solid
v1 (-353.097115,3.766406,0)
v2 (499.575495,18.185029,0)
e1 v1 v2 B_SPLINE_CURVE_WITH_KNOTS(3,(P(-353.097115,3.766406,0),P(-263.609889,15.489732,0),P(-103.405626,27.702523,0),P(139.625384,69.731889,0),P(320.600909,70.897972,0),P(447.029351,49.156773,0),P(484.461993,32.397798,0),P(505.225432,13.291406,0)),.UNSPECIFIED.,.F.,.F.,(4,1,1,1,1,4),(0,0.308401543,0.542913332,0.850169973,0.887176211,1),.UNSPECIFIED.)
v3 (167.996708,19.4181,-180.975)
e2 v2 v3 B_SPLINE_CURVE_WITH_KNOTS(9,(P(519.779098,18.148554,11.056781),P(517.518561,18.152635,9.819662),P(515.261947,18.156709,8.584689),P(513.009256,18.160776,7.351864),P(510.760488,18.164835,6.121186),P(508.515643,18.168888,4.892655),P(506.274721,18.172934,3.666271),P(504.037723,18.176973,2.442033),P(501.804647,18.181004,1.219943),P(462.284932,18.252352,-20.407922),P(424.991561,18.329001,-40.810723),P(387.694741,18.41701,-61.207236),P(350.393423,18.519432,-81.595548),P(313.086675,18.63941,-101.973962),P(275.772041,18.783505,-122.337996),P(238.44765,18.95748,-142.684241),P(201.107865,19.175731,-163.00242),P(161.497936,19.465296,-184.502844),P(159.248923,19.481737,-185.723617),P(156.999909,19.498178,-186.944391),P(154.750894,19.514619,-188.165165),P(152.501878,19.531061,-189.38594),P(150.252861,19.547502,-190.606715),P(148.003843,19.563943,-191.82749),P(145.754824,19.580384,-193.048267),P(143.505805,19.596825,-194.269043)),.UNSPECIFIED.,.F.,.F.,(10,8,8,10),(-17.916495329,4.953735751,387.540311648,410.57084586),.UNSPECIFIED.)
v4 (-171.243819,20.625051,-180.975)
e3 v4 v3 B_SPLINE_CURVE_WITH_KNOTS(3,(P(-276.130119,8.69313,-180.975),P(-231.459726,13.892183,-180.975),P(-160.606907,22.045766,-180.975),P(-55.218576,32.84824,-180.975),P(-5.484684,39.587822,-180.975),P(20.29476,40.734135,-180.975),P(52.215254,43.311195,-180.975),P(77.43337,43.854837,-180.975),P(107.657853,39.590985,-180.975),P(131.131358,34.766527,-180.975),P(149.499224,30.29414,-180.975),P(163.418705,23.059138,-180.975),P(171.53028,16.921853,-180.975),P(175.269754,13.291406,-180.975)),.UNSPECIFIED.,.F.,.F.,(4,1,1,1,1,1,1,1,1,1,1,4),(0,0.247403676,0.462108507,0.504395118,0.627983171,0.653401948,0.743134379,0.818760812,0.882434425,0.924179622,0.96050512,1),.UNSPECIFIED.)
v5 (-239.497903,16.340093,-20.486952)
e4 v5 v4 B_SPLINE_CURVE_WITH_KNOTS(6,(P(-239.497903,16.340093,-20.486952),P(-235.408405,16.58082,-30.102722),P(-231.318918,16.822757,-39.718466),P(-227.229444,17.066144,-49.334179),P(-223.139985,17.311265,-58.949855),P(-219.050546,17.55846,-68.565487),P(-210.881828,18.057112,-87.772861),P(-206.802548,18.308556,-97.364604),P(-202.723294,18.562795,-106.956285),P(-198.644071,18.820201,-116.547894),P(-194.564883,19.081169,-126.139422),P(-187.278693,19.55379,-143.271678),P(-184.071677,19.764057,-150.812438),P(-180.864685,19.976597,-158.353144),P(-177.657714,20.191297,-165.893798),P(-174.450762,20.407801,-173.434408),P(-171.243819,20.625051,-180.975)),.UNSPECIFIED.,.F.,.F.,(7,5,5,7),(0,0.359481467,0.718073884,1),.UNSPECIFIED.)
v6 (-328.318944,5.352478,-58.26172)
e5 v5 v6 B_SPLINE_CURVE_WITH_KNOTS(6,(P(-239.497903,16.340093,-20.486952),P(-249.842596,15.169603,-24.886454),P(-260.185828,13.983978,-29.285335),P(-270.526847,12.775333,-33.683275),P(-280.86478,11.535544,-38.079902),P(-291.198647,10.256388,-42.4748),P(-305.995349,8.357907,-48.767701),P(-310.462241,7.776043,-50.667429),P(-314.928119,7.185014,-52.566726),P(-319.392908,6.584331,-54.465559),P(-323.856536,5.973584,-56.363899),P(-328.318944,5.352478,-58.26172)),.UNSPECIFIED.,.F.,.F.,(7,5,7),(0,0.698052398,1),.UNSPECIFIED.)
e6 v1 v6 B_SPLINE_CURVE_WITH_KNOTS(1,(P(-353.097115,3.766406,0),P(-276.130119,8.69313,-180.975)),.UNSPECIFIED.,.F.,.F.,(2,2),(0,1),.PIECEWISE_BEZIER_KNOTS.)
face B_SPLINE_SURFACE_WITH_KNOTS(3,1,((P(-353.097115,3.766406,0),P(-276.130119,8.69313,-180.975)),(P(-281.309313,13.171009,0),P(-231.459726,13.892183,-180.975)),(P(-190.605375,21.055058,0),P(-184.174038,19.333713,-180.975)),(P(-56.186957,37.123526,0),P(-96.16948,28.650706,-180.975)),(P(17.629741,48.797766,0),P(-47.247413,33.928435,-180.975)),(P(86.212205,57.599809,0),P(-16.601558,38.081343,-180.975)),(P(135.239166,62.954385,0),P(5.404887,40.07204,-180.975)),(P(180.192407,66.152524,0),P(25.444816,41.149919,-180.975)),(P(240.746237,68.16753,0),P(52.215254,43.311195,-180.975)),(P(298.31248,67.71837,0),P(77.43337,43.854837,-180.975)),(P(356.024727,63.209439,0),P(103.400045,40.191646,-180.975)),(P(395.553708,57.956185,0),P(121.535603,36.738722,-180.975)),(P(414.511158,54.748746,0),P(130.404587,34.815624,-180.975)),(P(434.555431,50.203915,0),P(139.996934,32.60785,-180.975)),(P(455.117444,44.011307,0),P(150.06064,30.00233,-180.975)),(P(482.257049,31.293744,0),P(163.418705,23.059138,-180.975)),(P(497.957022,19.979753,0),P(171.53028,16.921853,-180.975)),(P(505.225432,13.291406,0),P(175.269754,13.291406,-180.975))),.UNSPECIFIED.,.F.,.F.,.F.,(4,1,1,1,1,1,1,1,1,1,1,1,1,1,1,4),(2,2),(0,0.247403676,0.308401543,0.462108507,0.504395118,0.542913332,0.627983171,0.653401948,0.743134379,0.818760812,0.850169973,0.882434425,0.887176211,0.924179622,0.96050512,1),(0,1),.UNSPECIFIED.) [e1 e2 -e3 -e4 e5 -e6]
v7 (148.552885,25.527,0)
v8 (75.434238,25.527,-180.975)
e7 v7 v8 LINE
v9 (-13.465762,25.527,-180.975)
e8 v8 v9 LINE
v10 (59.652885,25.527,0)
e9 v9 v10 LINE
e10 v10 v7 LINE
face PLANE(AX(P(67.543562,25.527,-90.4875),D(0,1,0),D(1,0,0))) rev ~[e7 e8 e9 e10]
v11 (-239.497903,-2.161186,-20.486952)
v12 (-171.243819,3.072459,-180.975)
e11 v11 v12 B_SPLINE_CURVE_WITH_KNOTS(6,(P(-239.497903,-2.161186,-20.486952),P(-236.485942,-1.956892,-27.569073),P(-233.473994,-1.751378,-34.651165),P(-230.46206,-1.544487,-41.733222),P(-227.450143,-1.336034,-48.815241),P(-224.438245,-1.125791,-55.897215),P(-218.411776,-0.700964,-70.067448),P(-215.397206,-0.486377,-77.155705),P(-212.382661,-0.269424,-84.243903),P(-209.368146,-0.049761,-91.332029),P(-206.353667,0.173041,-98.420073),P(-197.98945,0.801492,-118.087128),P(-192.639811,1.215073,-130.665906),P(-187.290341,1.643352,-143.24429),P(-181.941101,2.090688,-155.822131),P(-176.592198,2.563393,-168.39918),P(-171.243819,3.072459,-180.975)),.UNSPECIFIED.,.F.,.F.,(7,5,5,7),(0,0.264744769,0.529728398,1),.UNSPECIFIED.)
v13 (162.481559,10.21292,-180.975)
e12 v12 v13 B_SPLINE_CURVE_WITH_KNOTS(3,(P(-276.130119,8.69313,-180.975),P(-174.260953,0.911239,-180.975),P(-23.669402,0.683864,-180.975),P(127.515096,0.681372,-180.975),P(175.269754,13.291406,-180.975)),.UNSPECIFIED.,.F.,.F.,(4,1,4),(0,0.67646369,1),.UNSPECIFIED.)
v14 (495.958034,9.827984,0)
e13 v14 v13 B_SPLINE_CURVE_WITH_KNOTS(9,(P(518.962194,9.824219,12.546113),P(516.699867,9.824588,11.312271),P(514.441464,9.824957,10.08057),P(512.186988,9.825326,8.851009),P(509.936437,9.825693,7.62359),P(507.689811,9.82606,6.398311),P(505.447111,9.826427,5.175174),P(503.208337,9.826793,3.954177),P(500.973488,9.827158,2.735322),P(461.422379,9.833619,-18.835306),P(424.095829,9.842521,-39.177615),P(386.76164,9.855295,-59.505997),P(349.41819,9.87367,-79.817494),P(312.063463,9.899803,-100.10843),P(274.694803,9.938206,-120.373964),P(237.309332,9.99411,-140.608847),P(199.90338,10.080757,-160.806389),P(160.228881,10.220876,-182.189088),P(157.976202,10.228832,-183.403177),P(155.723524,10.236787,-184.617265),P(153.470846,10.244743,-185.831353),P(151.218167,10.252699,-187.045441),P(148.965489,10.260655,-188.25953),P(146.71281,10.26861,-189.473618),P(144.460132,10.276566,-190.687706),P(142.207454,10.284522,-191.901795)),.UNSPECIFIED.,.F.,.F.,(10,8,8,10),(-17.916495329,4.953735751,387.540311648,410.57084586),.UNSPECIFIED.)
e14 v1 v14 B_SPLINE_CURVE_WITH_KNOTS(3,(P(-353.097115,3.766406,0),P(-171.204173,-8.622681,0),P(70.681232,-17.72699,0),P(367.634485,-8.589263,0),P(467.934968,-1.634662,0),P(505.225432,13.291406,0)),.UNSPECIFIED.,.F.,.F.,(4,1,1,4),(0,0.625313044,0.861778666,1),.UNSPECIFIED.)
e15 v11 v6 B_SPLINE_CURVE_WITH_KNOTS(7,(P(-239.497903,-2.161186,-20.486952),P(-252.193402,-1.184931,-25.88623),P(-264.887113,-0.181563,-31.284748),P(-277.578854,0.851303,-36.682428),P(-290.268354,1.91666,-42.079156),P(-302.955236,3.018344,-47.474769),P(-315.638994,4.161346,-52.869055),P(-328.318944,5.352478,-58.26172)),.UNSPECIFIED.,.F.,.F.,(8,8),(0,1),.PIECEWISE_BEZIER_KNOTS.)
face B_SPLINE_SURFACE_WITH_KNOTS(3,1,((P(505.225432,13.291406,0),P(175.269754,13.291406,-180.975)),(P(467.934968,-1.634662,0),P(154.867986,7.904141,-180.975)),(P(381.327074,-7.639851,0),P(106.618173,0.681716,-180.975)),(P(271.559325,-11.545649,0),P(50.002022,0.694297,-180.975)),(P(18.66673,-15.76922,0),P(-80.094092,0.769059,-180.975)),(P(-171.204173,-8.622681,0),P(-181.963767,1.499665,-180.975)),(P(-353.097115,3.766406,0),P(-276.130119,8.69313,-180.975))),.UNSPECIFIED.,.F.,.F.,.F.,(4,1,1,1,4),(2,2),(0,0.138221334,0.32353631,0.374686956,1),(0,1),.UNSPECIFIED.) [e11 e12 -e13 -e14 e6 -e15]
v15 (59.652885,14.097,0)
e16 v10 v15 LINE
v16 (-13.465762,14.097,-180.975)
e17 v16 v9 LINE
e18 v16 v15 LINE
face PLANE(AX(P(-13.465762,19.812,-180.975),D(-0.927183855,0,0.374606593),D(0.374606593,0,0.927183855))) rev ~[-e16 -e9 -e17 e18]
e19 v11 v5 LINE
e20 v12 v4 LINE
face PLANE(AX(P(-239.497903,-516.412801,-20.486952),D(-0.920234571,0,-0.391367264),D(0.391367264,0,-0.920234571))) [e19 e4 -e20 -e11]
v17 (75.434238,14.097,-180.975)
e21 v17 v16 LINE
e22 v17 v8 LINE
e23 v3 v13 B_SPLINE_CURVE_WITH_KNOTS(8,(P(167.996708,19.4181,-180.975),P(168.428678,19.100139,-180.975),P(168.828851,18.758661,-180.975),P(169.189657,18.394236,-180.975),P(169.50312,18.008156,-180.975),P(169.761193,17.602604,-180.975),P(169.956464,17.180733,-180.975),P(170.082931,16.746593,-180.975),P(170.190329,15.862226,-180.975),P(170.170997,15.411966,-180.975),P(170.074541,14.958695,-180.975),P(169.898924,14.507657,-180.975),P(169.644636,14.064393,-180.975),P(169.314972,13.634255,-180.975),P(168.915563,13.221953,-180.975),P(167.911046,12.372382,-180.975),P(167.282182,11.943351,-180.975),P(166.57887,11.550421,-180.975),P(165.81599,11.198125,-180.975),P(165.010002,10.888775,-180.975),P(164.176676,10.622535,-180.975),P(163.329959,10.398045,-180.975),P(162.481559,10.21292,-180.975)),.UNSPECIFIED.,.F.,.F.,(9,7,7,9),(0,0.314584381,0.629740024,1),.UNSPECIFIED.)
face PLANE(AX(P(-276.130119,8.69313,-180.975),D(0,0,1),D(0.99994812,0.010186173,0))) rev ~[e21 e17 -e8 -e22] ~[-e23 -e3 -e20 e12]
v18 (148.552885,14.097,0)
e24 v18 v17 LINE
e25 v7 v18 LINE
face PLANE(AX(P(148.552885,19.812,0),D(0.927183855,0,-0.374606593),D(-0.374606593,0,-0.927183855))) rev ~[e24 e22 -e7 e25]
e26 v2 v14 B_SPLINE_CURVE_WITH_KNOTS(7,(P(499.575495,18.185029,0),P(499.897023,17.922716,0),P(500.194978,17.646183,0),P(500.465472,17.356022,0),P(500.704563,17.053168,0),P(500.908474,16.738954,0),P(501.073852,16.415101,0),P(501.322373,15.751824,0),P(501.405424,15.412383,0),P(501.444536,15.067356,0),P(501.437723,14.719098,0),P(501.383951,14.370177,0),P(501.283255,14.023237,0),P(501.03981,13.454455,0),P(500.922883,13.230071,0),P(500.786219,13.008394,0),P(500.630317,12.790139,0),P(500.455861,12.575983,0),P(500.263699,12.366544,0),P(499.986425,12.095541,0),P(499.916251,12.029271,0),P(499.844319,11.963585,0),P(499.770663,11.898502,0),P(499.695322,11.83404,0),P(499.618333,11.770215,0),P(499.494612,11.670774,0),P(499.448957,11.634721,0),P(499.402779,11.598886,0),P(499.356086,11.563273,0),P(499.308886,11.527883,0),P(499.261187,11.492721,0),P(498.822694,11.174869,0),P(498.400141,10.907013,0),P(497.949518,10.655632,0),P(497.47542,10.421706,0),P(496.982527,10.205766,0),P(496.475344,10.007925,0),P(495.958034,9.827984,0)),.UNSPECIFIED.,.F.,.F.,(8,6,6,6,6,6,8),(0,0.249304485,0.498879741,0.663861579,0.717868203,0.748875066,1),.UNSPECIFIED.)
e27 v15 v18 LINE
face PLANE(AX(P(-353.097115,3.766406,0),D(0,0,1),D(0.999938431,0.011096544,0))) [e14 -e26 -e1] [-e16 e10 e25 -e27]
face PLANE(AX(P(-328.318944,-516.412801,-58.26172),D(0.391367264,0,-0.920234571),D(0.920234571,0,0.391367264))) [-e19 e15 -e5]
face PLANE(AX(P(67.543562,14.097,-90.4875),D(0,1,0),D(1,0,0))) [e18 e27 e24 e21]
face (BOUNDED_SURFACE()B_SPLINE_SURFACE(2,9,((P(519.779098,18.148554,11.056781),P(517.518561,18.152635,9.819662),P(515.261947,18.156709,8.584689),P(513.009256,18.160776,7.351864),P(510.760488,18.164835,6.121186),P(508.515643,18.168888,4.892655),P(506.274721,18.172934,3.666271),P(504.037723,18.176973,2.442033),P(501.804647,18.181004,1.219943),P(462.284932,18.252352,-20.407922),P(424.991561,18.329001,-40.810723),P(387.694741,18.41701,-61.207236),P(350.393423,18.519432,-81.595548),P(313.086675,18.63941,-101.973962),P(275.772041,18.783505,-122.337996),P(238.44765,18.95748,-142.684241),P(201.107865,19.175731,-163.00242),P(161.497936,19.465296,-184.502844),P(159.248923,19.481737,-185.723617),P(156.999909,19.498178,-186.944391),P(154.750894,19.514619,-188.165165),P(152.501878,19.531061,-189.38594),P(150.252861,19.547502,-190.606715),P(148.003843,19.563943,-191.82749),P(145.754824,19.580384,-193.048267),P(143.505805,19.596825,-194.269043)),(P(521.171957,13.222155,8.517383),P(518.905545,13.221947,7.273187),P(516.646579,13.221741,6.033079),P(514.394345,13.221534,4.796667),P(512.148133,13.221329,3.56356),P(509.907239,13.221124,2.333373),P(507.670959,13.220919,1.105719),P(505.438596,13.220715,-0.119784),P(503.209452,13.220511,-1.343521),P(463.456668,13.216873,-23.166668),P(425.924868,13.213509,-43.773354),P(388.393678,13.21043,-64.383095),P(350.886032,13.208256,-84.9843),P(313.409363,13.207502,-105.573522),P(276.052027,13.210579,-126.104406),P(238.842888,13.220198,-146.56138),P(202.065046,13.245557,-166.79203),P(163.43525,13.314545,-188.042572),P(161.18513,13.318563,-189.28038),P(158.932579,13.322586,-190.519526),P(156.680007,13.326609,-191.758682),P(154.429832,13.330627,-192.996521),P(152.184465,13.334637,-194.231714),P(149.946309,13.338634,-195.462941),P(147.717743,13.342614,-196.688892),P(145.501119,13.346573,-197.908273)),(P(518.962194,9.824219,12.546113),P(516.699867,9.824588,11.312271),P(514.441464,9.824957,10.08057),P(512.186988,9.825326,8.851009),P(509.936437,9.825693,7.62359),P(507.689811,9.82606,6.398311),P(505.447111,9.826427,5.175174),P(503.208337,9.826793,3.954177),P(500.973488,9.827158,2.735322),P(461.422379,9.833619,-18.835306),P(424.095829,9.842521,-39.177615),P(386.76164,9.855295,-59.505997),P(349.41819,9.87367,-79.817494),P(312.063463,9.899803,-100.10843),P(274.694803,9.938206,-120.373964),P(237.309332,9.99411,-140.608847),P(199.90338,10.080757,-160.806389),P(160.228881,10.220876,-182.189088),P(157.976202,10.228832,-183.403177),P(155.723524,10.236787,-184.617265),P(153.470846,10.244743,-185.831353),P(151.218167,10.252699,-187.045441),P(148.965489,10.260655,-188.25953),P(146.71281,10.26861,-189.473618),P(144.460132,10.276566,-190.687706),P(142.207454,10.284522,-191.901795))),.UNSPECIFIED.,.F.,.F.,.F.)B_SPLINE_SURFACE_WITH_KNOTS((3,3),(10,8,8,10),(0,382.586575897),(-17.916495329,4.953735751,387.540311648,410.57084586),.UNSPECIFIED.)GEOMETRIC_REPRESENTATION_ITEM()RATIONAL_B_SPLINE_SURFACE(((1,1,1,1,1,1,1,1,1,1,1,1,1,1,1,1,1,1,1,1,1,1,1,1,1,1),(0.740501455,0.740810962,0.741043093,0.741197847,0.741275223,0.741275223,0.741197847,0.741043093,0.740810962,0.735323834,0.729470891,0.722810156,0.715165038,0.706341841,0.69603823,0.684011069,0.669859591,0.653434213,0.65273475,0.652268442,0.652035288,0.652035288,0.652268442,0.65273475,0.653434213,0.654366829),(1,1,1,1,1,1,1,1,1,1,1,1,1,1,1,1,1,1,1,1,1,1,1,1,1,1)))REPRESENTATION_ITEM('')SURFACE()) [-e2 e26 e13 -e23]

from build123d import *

# Parameters (mm, degrees)
FILLET1_R               = 6.35
CUT_EXTRUDE1_DEPTH      = 5.715
CUT_EXTRUDE2_DEPTH      = 536.224800704
CUT_EXTRUDE2_DEPTH_BACK = 536.224800704


with BuildPart() as part:
    # Sketch1 → Loft1 section 0
    with BuildSketch(Plane.XY):
        with BuildLine():
            add(Edge.make_bspline(
                [(-353.097115344, 3.76640622), (-263.60988857, 15.489732087), (-103.405625954, 27.702523148), (139.625383809, 69.731889132), (320.600909148, 70.897971745), (447.029350736, 49.156772515), (484.461992977, 32.39779841), (505.225432444, 13.29140622)],
                knots=[0, 0, 0, 0, 0.308401543, 0.542913332, 0.850169973, 0.887176211, 1, 1, 1, 1], degree=3))
            add(Edge.make_bspline(
                [(-353.097115344, 3.76640622), (-171.204173065, -8.622681299), (70.681231732, -17.726989966), (367.634485174, -8.589262826), (467.934967897, -1.634661846), (505.225432444, 13.29140622)],
                knots=[0, 0, 0, 0, 0.625313044, 0.861778666, 1, 1, 1, 1], degree=3))
        make_face()
    # Sketch2 → Loft1 section 1
    with BuildSketch(Plane.XY.offset(-180.975)):
        with BuildLine():
            add(Edge.make_bspline(
                [(-276.130119323, 8.693130358), (-231.459725957, 13.892182525), (-160.606907467, 22.045765928), (-55.21857633, 32.848239562), (-5.484684229, 39.5878223), (20.294760191, 40.734135472), (52.215253795, 43.311195196), (77.433370096, 43.854837121), (107.657853328, 39.590984865), (131.131357877, 34.766526999), (149.499224412, 30.294140301), (163.418705178, 23.059137739), (171.530279946, 16.921852673), (175.269753602, 13.29140622)],
                knots=[0, 0, 0, 0, 0.247403676, 0.462108507, 0.504395118, 0.627983171, 0.653401948, 0.743134379, 0.818760812, 0.882434425, 0.924179622, 0.96050512, 1, 1, 1, 1], degree=3))
            add(Edge.make_bspline(
                [(-276.130119323, 8.693130358), (-174.260953063, 0.911239157), (-23.669401798, 0.683864032), (127.515095646, 0.681371654), (175.269753602, 13.29140622)],
                knots=[0, 0, 0, 0, 0.67646369, 1, 1, 1, 1], degree=3))
        make_face()
    loft()

    # Fillet1
    fillet1_edges = [part.edges().sort_by_distance(p)[0] for p in [
        (340.247593023, 13.29140622, -90.4875),
    ]]
    fillet(fillet1_edges, radius=FILLET1_R)

    # Sketch7 → Cut-Extrude1 (cut, symmetric)
    with BuildSketch(Plane(origin=(0, 19.812, 0), x_dir=(1, 0, 0), z_dir=(0, 1, 0))):
        Polygon((148.552884656, 0), (75.434238435, 180.975), (-13.465761565, 180.975), (59.652884656, 0), align=None)
    extrude(amount=CUT_EXTRUDE1_DEPTH, both=True, mode=Mode.SUBTRACT)

    # Sketch8 → Cut-Extrude2 (cut, two sides: drawn at the far end of the back side and taken through both)
    with BuildSketch(Plane(origin=(0, 19.812, 0), x_dir=(1, 0, 0), z_dir=(0, 1, 0)).offset(-CUT_EXTRUDE2_DEPTH_BACK)):
        Polygon((-328.318943928, 58.261720008), (-239.497903172, 20.486951723), (-171.243818501, 180.975), (-276.130119323, 180.975), align=None)
    extrude(amount=CUT_EXTRUDE2_DEPTH + CUT_EXTRUDE2_DEPTH_BACK, mode=Mode.SUBTRACT)


solid = part.part
